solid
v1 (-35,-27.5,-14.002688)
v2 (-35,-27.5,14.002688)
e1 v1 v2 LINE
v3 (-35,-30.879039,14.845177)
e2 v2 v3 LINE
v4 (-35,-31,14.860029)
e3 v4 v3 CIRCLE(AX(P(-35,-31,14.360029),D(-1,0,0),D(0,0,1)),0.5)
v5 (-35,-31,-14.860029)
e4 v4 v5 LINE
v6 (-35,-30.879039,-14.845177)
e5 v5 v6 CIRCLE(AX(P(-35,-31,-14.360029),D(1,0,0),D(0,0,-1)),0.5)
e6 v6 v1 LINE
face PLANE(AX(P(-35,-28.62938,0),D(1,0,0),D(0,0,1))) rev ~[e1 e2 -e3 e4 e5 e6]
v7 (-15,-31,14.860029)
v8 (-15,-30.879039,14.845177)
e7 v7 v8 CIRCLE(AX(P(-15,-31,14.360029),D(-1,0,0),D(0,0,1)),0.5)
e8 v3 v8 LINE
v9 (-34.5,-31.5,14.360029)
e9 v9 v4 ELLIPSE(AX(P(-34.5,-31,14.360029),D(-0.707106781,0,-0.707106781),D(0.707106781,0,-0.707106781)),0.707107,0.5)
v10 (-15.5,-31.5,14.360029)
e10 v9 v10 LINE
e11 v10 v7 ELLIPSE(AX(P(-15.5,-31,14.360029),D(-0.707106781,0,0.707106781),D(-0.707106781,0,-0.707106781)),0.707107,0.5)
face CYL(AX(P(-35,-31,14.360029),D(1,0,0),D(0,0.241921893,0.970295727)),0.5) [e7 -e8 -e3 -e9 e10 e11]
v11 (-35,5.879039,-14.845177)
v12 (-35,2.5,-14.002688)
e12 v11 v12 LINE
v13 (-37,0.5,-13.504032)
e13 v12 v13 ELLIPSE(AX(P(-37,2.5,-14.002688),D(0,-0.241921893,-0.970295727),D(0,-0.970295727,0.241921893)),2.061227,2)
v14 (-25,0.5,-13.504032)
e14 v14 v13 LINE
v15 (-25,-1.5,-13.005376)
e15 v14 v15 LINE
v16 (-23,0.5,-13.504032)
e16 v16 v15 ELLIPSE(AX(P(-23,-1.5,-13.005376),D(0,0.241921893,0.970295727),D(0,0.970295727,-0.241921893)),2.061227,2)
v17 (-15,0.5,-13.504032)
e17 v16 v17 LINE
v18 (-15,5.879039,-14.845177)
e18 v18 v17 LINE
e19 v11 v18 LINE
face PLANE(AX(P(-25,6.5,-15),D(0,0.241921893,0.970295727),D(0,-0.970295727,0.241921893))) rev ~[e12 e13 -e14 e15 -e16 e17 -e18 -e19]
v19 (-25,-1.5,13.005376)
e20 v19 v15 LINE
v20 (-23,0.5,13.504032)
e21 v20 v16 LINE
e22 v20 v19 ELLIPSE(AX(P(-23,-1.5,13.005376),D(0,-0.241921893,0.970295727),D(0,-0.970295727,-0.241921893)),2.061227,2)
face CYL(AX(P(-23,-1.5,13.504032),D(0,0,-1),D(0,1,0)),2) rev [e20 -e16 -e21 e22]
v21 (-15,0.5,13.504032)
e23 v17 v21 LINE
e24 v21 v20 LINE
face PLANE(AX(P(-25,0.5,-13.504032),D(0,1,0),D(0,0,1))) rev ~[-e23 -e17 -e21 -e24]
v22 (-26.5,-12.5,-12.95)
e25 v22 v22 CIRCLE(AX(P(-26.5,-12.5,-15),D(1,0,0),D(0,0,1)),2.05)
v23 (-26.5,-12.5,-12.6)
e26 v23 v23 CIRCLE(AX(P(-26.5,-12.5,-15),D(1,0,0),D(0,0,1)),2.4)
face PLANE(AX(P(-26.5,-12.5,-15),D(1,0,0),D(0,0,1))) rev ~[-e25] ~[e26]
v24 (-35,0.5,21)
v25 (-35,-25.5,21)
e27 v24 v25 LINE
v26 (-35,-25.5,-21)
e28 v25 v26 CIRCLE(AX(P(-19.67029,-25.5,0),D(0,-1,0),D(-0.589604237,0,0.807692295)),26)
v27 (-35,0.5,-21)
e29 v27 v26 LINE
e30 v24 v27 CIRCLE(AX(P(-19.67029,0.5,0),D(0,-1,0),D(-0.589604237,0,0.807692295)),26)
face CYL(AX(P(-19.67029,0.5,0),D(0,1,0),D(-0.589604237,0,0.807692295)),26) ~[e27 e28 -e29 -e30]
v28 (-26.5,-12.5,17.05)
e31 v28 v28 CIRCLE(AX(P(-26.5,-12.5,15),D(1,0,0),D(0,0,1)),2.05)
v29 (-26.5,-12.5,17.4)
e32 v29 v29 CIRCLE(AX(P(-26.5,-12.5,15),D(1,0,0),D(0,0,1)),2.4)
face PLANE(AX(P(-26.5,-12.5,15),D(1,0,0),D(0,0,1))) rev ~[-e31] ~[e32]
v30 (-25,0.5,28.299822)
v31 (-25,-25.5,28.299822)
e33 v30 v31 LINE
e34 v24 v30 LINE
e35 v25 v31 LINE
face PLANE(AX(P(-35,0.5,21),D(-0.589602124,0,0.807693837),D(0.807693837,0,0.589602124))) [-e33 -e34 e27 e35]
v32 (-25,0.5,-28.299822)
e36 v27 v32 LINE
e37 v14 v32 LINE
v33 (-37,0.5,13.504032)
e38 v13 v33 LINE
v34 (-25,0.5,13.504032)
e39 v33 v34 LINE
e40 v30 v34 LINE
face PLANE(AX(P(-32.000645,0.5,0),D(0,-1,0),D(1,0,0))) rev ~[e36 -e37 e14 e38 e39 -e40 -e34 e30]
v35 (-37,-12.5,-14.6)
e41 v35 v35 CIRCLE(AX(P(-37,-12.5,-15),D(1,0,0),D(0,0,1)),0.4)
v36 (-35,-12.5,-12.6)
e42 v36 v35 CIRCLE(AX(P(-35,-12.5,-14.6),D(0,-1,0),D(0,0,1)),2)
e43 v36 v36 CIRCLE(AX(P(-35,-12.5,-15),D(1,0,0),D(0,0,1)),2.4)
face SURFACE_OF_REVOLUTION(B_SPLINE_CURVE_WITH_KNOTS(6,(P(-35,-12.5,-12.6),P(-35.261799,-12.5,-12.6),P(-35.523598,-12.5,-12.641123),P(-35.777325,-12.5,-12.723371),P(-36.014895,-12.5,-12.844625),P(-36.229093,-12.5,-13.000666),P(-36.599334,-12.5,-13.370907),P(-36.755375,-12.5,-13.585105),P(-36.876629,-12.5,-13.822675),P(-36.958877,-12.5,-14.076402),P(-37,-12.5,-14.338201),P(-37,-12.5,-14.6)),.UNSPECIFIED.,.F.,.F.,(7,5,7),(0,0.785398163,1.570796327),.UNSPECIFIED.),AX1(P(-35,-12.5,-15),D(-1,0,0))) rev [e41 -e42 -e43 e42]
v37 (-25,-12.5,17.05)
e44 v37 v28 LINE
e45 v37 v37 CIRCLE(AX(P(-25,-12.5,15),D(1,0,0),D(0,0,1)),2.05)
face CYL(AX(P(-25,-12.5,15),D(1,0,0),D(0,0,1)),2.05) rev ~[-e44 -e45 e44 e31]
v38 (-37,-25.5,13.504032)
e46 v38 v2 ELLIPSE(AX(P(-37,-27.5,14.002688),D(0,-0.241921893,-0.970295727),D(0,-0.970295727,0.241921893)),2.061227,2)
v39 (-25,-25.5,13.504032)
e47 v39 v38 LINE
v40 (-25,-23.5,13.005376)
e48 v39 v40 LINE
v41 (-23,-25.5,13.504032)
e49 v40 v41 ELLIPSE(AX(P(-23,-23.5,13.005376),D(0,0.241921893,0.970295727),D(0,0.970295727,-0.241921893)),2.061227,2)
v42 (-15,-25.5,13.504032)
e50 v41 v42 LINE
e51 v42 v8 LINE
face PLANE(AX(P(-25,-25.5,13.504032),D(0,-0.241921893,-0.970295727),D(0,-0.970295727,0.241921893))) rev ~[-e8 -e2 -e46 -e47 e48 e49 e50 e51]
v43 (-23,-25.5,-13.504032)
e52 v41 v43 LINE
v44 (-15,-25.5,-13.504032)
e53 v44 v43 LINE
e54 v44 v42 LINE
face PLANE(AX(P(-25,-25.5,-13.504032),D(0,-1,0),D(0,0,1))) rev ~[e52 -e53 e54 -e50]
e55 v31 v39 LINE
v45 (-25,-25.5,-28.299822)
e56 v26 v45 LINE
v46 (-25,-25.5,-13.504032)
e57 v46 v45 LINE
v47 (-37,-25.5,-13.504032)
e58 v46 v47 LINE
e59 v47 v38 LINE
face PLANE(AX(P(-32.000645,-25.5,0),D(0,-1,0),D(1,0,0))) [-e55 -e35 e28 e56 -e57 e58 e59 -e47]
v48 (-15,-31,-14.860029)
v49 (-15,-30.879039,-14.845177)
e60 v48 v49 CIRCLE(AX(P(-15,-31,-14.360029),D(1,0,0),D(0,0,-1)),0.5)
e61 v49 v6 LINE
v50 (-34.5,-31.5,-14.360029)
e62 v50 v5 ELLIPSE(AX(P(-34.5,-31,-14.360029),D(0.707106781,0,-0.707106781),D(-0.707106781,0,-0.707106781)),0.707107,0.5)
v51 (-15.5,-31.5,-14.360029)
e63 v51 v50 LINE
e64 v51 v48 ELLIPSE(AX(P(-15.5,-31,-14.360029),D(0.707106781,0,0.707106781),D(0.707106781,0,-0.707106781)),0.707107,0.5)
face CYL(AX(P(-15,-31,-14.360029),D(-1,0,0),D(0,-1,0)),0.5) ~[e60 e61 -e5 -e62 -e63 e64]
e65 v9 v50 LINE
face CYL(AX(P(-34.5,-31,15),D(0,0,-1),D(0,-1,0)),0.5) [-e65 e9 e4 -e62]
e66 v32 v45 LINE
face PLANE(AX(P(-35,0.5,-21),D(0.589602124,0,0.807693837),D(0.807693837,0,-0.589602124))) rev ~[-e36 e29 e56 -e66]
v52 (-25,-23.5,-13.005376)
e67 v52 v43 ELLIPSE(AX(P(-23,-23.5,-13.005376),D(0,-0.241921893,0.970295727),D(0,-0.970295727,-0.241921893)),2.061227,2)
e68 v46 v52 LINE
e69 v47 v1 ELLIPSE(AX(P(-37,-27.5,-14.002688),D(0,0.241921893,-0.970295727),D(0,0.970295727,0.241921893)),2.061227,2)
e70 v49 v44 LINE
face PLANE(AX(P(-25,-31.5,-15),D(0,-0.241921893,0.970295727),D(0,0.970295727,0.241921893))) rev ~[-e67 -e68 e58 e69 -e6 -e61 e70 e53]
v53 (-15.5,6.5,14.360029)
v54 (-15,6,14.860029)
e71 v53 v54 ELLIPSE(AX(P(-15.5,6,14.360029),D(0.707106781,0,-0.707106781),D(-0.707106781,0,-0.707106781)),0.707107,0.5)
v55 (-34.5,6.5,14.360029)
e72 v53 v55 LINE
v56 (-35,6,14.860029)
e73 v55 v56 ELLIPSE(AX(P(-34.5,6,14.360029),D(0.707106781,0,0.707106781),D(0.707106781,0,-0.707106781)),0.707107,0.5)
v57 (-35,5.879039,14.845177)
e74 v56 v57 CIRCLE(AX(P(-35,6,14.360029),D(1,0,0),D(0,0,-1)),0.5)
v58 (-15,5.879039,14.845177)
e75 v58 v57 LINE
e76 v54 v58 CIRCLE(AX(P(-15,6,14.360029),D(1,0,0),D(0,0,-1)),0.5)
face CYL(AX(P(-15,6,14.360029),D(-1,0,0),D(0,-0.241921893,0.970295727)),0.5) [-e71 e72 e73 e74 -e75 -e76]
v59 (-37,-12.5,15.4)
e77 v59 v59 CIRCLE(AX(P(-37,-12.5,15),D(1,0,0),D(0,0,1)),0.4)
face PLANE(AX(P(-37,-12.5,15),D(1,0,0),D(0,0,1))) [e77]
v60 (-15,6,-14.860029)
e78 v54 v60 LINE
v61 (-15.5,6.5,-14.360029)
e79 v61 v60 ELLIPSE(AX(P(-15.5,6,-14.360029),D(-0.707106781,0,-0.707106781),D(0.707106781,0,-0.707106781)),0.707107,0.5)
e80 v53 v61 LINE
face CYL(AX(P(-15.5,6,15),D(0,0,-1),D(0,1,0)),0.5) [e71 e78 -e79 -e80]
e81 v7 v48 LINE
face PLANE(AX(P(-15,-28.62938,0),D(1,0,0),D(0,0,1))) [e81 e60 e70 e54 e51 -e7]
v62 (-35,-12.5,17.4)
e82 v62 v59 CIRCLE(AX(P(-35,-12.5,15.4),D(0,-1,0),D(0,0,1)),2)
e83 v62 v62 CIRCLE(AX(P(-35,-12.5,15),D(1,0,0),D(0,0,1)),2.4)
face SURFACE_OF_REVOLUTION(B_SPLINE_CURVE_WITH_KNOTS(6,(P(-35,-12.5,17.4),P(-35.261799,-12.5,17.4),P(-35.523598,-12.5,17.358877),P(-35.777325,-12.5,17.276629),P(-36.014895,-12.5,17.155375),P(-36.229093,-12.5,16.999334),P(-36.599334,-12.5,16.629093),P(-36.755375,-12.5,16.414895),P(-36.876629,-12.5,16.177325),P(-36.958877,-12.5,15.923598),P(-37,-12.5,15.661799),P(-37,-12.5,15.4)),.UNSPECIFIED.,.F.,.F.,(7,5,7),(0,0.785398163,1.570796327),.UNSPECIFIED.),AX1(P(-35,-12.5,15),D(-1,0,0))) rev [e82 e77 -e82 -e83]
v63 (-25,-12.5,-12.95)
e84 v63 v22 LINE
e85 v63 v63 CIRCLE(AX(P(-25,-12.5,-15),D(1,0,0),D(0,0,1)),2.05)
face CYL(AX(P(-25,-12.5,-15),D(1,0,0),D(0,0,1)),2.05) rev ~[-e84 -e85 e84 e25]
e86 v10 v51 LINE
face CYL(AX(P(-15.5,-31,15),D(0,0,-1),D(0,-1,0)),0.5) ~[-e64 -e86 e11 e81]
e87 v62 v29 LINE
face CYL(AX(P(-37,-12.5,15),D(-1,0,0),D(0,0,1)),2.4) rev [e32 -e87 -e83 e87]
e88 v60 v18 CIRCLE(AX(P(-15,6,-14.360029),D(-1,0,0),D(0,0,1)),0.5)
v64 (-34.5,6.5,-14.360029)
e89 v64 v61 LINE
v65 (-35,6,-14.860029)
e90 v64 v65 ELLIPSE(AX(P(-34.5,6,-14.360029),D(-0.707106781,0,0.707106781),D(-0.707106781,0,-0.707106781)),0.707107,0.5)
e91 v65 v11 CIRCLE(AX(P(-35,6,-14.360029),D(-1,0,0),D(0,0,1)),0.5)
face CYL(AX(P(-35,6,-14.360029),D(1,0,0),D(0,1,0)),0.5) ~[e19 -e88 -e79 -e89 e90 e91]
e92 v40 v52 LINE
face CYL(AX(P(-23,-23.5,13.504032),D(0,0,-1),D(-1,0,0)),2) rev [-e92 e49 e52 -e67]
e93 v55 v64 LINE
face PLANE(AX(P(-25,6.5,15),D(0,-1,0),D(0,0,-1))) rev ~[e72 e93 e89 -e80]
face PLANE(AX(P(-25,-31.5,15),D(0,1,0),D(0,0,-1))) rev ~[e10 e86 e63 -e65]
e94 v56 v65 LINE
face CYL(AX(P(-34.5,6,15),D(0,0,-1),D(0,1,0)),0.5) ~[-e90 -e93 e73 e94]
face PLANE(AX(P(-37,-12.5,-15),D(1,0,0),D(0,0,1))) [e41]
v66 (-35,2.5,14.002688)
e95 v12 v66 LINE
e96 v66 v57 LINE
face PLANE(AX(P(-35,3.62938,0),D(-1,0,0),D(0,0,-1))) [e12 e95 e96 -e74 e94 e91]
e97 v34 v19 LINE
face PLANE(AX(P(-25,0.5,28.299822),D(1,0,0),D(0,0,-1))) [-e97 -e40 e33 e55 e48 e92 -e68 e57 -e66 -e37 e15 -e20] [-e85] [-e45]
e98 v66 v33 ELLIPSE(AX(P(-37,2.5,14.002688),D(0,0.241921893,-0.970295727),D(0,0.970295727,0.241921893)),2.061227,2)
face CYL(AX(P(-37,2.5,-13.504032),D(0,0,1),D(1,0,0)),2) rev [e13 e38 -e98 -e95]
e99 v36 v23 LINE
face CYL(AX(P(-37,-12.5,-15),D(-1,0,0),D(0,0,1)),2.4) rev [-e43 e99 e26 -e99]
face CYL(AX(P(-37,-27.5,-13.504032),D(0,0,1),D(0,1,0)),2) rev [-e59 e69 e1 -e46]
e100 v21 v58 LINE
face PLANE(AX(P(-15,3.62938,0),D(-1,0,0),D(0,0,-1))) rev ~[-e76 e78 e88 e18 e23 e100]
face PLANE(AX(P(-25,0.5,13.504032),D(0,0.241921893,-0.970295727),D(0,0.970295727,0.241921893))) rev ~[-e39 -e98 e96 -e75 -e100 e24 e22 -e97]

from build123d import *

# Parameters (mm, degrees)
PAD001_DEPTH    = 26
SKETCH003_R     = 2.05
POCKET_DEPTH    = 12
SKETCH005_R     = 2.4
POCKET001_DEPTH = 10.5
PAD004_DEPTH    = 10
FILLET006_R     = 2
FILLET007_R     = 0.5
FILLET008_R     = 2


with BuildPart() as part:
    # Sketch001 → Pad001 (new body)
    with BuildSketch(Plane.XZ):
        with BuildLine():
            ThreePointArc((-35, 21), (-45.67029, 0), (-35, -21))
            Line((-35, -21), (-25, -28.299822))
            Line((-25, 28.299822), (-25, -28.299822))
            Line((-35, 21), (-25, 28.299822))
        make_face()
    extrude(amount=PAD001_DEPTH)

    # Sketch003 (on Face3 of Pad001) → Pocket (cut)
    with BuildSketch(Plane(origin=(-25, 0, 0), x_dir=(0, 0, 1), z_dir=(1, 0, 0))):
        with Locations((-15, 13)):
            Circle(SKETCH003_R)
        with Locations((15, 13)):
            Circle(SKETCH003_R)
    extrude(amount=-POCKET_DEPTH, mode=Mode.SUBTRACT)

    # Sketch005 (on Face9 of Pocket) → Pocket001 (cut)
    with BuildSketch(Plane(origin=(-37, 0, 0), x_dir=(0, 0, 1), z_dir=(1, 0, 0))):
        with Locations((-15, 13)):
            Circle(SKETCH005_R)
        with Locations((15, 13)):
            Circle(SKETCH005_R)
    extrude(amount=POCKET001_DEPTH, mode=Mode.SUBTRACT)

    # Sketch006 (on Face6 of Pocket001) → Pad004 (join, symmetric)
    with BuildSketch(Plane(origin=(-25, 0, 0), x_dir=(0, 0, 1), z_dir=(1, 0, 0))):
        Polygon((-13.504032, 26), (13.504032, 26), (15, 32), (-15, 32), align=None)
        Polygon((-13.504032, 0), (13.504032, 0), (15, -6), (-15, -6), align=None)
    extrude(amount=PAD004_DEPTH, both=True)

    # Fillet006
    fillet006_edges = [part.edges().sort_by_distance(p)[0] for p in [
        (-25, -26, 0),
        (-25, 0, 0),
        (-35, 0, 0),
        (-35, -26, 0),
    ]]
    fillet(fillet006_edges, radius=FILLET006_R)

    # Fillet007
    fillet007_edges = [part.edges().sort_by_distance(p)[0] for p in [
        (-15, 6, 0),
        (-25, 6, -15),
        (-35, 6, 0),
        (-25, 6, 15),
        (-25, -32, 15),
        (-15, -32, 0),
        (-25, -32, -15),
        (-35, -32, 0),
    ]]
    fillet(fillet007_edges, radius=FILLET007_R)

    # Fillet008
    fillet008_edges = [part.edges().sort_by_distance(p)[0] for p in [
        (-37, -13, 12.6),
        (-37, -13, -17.4),
    ]]
    fillet(fillet008_edges, radius=FILLET008_R)


with BuildPart() as part_1:
    # Body001 placement: moved
    add(part.part.moved(Location((0, 0.5, 0))))


solid = part_1.part
